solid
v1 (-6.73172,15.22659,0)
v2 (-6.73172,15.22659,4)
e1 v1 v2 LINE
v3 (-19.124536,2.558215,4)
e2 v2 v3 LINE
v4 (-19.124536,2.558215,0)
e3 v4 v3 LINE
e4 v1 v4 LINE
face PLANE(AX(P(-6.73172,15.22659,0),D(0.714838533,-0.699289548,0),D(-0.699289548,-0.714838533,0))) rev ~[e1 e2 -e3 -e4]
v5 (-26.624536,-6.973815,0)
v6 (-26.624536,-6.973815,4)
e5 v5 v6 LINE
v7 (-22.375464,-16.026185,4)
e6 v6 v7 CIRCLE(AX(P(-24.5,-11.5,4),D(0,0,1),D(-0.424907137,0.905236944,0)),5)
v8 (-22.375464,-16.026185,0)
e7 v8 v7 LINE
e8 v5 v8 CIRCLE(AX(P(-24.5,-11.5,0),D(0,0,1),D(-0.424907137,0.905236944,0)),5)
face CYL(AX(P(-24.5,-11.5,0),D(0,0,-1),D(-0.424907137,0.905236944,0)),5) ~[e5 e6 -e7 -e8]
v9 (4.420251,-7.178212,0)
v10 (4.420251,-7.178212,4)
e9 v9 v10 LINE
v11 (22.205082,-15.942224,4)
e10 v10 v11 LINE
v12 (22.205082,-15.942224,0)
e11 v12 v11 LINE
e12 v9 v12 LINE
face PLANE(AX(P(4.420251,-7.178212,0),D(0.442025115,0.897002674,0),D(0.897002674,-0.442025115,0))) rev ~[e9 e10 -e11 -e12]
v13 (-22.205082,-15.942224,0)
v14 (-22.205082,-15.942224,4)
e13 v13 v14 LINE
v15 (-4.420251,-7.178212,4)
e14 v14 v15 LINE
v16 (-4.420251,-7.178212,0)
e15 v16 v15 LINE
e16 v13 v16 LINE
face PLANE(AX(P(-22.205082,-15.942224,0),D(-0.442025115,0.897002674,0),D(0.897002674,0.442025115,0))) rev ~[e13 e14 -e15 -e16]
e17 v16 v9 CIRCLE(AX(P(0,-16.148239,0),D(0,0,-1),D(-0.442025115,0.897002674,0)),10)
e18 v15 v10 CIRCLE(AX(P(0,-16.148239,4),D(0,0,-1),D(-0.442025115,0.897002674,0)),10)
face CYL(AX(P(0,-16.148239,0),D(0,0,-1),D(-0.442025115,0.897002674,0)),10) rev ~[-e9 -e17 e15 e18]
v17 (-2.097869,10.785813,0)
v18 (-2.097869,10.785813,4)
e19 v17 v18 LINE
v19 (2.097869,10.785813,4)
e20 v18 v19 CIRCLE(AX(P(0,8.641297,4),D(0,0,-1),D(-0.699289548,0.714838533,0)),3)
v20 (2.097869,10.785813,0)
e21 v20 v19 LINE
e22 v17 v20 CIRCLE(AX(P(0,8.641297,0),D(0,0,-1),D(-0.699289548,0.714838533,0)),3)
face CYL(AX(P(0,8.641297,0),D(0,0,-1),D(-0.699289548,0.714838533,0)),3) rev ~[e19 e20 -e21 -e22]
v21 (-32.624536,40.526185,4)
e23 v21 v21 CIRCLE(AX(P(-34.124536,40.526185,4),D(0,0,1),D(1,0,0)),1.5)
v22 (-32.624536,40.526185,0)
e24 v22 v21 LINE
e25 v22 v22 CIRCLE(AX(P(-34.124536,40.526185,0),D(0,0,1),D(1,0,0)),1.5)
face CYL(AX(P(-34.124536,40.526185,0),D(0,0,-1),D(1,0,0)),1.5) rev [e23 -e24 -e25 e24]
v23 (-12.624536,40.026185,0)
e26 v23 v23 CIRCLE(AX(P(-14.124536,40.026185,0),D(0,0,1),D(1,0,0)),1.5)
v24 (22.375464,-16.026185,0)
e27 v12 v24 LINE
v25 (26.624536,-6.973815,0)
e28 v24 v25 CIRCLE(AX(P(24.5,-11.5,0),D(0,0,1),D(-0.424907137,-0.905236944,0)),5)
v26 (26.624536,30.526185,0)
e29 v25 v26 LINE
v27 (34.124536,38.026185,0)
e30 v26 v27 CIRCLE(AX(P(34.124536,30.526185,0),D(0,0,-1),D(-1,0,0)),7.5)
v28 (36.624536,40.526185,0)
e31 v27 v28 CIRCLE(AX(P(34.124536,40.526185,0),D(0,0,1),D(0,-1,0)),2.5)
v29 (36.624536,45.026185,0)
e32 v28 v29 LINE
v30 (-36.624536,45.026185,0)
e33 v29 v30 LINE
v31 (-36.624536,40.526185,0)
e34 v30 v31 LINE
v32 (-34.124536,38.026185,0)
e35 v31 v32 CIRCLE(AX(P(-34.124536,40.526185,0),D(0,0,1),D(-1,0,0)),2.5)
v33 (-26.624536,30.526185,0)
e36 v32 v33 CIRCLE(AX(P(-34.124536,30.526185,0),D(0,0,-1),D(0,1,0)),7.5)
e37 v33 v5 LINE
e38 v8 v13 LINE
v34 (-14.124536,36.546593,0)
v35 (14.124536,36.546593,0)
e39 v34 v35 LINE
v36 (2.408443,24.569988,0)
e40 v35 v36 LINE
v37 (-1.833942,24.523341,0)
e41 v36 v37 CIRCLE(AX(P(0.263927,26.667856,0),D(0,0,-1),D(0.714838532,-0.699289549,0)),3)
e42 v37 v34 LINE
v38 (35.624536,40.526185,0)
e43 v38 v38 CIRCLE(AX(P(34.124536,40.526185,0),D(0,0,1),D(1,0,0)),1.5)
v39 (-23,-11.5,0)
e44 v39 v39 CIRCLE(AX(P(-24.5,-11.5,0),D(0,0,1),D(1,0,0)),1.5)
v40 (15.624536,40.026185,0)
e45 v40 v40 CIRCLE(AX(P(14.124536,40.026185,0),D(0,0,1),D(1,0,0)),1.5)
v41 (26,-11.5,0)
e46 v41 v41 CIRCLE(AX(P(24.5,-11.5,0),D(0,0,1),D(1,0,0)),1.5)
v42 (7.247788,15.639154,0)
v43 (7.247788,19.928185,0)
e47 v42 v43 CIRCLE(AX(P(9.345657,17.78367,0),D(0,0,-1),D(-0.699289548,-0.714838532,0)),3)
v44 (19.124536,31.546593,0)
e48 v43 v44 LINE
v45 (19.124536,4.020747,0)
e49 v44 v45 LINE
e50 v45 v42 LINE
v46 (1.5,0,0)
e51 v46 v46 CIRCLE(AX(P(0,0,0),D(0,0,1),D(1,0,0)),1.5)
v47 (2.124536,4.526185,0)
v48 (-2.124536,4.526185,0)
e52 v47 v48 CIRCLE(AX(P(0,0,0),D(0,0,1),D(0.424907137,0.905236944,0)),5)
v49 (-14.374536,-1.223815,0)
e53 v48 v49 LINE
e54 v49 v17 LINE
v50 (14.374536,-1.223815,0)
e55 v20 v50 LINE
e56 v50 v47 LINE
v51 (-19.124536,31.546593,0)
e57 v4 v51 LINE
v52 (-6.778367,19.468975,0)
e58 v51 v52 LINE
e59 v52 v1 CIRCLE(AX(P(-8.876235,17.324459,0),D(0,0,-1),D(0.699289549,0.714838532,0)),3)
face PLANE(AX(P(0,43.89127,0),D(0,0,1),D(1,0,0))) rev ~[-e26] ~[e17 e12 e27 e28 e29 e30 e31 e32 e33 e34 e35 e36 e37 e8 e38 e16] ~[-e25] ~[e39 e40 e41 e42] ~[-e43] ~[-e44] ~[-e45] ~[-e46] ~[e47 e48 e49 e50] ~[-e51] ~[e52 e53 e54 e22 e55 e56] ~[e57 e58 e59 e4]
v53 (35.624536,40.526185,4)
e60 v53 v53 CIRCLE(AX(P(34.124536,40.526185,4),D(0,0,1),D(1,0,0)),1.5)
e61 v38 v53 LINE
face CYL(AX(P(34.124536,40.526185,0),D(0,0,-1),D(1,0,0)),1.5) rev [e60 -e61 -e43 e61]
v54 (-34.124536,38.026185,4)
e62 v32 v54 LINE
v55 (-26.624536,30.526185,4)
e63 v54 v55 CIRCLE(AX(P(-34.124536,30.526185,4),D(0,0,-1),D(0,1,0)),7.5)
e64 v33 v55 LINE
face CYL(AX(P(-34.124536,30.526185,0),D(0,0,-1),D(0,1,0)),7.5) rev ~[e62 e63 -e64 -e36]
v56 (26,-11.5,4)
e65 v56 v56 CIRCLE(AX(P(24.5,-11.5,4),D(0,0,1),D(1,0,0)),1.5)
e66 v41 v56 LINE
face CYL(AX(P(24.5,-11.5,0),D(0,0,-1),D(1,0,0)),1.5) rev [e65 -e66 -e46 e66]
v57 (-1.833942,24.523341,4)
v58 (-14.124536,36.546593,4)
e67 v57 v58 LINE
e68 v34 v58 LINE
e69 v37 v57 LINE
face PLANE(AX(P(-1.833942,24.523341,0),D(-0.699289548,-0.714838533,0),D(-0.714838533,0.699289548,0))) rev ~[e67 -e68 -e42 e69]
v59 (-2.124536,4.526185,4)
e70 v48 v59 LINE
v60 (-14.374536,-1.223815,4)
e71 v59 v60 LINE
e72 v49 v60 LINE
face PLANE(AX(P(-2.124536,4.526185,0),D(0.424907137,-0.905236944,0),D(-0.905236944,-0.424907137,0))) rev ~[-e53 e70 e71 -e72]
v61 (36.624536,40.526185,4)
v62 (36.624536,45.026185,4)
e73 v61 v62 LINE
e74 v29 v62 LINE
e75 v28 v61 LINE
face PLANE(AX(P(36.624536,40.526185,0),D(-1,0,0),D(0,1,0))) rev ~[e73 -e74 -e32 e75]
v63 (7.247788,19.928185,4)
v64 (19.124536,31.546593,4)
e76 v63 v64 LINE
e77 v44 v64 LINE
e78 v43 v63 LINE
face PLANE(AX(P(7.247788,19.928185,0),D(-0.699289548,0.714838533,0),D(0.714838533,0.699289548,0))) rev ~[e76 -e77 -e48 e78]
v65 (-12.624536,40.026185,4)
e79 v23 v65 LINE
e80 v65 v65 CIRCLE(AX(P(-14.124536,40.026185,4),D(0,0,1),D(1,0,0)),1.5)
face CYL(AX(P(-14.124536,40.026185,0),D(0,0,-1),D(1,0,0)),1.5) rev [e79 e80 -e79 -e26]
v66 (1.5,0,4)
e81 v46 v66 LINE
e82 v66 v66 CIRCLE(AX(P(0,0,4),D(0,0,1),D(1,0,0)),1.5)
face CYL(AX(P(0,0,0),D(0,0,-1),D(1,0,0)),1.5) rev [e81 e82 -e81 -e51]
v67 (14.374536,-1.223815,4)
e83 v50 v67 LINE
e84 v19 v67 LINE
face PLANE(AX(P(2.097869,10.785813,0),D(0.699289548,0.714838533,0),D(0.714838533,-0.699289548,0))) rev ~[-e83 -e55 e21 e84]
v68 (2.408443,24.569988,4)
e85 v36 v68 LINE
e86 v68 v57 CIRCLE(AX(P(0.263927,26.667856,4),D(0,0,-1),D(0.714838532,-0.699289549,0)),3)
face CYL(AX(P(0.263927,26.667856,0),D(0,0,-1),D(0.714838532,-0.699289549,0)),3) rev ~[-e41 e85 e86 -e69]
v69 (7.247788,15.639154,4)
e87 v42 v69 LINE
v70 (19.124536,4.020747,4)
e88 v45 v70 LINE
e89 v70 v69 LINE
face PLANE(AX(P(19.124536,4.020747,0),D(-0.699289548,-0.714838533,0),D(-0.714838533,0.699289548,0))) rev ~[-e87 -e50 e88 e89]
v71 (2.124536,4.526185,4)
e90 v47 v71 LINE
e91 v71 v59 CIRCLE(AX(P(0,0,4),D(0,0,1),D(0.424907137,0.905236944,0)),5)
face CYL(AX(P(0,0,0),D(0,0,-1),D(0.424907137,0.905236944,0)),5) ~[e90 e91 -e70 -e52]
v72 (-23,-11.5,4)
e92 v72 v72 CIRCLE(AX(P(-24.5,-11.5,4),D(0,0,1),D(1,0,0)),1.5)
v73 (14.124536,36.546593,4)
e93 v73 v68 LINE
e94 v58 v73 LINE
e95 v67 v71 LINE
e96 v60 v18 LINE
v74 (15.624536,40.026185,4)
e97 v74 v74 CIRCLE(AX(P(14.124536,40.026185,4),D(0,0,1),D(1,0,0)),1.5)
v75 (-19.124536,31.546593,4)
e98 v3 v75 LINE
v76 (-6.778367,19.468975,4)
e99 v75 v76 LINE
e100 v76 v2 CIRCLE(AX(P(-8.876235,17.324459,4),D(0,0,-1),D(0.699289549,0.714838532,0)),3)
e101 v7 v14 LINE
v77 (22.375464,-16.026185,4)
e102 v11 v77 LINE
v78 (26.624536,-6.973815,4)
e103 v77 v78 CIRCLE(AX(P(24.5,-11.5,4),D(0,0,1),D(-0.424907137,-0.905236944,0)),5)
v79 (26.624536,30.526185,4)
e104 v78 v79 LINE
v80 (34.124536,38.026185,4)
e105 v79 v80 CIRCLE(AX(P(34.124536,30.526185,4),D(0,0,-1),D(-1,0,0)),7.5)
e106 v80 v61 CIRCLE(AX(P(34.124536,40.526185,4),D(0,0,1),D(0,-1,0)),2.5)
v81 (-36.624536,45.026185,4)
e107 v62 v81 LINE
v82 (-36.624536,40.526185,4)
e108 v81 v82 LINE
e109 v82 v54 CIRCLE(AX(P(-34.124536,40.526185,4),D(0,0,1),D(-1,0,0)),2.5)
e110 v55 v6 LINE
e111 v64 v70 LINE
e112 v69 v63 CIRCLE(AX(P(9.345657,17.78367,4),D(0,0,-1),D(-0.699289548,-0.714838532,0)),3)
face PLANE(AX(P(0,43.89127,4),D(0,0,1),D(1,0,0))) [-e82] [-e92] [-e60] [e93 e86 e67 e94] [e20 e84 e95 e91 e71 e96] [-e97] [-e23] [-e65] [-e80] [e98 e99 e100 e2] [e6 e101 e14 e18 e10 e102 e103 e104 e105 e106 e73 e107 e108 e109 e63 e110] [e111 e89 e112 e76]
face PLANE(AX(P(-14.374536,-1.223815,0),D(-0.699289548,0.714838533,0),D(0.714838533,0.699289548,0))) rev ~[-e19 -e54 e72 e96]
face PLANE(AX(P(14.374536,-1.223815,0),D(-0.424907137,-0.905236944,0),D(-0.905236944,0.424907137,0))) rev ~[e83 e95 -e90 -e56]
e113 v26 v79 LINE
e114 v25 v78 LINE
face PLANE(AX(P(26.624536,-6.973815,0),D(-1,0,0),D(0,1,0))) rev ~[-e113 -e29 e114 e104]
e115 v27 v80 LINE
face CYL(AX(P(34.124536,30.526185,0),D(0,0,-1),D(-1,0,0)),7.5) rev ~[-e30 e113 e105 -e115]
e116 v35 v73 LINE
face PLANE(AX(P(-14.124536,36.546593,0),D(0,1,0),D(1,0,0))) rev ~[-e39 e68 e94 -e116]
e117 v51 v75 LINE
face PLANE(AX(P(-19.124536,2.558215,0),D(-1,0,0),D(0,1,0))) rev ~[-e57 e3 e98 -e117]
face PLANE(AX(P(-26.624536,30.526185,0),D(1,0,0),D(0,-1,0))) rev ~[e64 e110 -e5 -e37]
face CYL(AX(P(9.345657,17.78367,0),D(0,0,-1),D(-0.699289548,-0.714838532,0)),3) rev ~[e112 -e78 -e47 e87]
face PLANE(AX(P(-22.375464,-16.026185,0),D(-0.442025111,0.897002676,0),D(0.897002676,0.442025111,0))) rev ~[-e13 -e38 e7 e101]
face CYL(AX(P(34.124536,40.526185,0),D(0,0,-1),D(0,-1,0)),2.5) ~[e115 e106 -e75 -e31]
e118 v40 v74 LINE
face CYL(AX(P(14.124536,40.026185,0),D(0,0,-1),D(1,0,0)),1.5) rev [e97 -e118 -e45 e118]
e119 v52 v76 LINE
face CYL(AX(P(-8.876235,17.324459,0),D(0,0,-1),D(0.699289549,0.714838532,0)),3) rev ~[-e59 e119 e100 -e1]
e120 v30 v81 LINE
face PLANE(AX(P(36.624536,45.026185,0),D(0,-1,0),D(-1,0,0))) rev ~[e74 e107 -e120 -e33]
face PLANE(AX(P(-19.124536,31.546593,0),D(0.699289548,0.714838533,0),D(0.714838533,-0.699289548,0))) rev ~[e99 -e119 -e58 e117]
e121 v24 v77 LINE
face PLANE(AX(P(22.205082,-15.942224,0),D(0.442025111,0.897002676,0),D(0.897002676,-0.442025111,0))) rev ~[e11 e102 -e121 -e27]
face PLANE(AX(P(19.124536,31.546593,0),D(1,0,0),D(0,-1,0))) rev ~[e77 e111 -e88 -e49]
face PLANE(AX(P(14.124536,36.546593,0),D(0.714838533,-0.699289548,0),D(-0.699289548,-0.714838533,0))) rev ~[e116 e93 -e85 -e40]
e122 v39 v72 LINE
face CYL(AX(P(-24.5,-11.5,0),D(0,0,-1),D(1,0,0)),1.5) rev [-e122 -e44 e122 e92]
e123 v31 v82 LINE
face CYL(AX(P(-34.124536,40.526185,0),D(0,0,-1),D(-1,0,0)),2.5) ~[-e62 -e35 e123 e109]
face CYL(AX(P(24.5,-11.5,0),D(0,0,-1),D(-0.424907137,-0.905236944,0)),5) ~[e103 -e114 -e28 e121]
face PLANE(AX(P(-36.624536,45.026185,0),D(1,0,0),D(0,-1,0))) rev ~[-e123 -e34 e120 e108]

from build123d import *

# Parameters (mm, degrees)
SKETCH1_R           = 1.5
BOSS_EXTRUDE1_DEPTH = 4


with BuildPart() as part:
    # Sketch1 → Boss-Extrude1 (new body)
    # profile 1 of 2: a face of its own
    with BuildSketch(Plane.XY):
        with BuildLine():
            Line((0, 43.02618472), (-22, 43.02618472))
            Line((-22, 43.02618472), (-34.124535685, 43.02618472))
            ThreePointArc((-34.124535685, 43.02618472), (-35.892302638, 42.293951673), (-36.624535685, 40.52618472))
            ThreePointArc((-36.624535685, 40.52618472), (-35.892302638, 38.758417767), (-34.124535685, 38.02618472))
            ThreePointArc((-34.124535685, 38.02618472), (-28.821234826, 35.829485579), (-26.624535685, 30.52618472))
            Line((-26.624535685, 30.52618472), (-26.624535685, -6.97381528))
            ThreePointArc((-26.624535685, -6.97381528), (-29.02618472, -13.624535685), (-22.375464315, -16.02618472))
            Line((-22.375464315, -16.02618472), (-22.205082013, -15.942223704))
            Line((-22.205082013, -15.942223704), (-4.420251148, -7.178212035))
            ThreePointArc((-4.420251148, -7.178212035), (0, -6.148238779), (4.420251148, -7.178212035))
            Line((4.420251148, -7.178212035), (22.205082013, -15.942223704))
            Line((22.205082013, -15.942223704), (22.375464315, -16.02618472))
            ThreePointArc((22.375464315, -16.02618472), (29.02618472, -13.624535685), (26.624535685, -6.97381528))
            Line((26.624535685, -6.97381528), (26.624535685, 30.52618472))
            ThreePointArc((26.624535685, 30.52618472), (28.821234826, 35.829485579), (34.124535685, 38.02618472))
            ThreePointArc((34.124535685, 38.02618472), (35.892302638, 38.758417767), (36.624535685, 40.52618472))
            ThreePointArc((36.624535685, 40.52618472), (35.892302638, 42.293951673), (34.124535685, 43.02618472))
            Line((34.124535685, 43.02618472), (22, 43.02618472))
            Line((22, 43.02618472), (0, 43.02618472))
        make_face()
        with Locations((-24.5, -11.5)):
            Circle(SKETCH1_R, mode=Mode.SUBTRACT)
        Circle(SKETCH1_R, mode=Mode.SUBTRACT)
        with Locations((24.5, -11.5)):
            Circle(SKETCH1_R, mode=Mode.SUBTRACT)
        with BuildLine():
            Line((14.374535685, -1.22381528), (2.124535685, 4.52618472))
            ThreePointArc((2.124535685, 4.52618472), (0, 5), (-2.124535685, 4.52618472))
            Line((-2.124535685, 4.52618472), (-14.374535685, -1.22381528))
            Line((-14.374535685, -1.22381528), (-2.097868645, 10.785812849))
            ThreePointArc((-2.097868645, 10.785812849), (0, 11.641297251), (2.097868645, 10.785812849))
            Line((2.097868645, 10.785812849), (14.374535685, -1.22381528))
        make_face(mode=Mode.SUBTRACT)
        with BuildLine():
            Line((-6.73171968, 15.226590291), (-19.124535685, 2.558215038))
            Line((-19.124535685, 2.558215038), (-19.124535685, 31.546592884))
            Line((-19.124535685, 31.546592884), (-6.778366633, 19.468974534))
            ThreePointArc((-6.778366633, 19.468974534), (-5.876416612, 17.357443313), (-6.73171968, 15.226590291))
        make_face(mode=Mode.SUBTRACT)
        with Locations((-34.124535685, 40.52618472)):
            Circle(SKETCH1_R, mode=Mode.SUBTRACT)
        with BuildLine():
            Line((-1.833941699, 24.523340745), (-14.124535685, 36.546592884))
            Line((-14.124535685, 36.546592884), (14.124535685, 36.546592884))
            Line((14.124535685, 36.546592884), (2.408442543, 24.569987698))
            ThreePointArc((2.408442543, 24.569987698), (0.296911322, 23.668037677), (-1.833941699, 24.523340745))
        make_face(mode=Mode.SUBTRACT)
        with Locations((-14.124535685, 40.02618472)):
            Circle(SKETCH1_R, mode=Mode.SUBTRACT)
        with BuildLine():
            Line((19.124535685, 31.546592884), (19.124535685, 4.020746784))
            Line((19.124535685, 4.020746784), (7.24778827, 15.639154236))
            ThreePointArc((7.24778827, 15.639154236), (6.345656915, 17.783669834), (7.24778827, 19.928185432))
            Line((7.24778827, 19.928185432), (19.124535685, 31.546592884))
        make_face(mode=Mode.SUBTRACT)
        with Locations((14.124535685, 40.02618472)):
            Circle(SKETCH1_R, mode=Mode.SUBTRACT)
        with Locations((34.124535685, 40.52618472)):
            Circle(SKETCH1_R, mode=Mode.SUBTRACT)
    # profile 2 of 2: a face of its own
    with BuildSketch(Plane.XY):
        with BuildLine():
            Line((-34.124535685, 43.02618472), (-22, 43.02618472))
            Line((-22, 43.02618472), (0, 43.02618472))
            Line((0, 43.02618472), (22, 43.02618472))
            Line((22, 43.02618472), (34.124535685, 43.02618472))
            ThreePointArc((34.124535685, 43.02618472), (35.892302638, 42.293951673), (36.624535685, 40.52618472))
            Line((36.624535685, 40.52618472), (36.624535685, 45.02618472))
            Line((36.624535685, 45.02618472), (-36.624535685, 45.02618472))
            Line((-36.624535685, 45.02618472), (-36.624535685, 40.52618472))
            ThreePointArc((-36.624535685, 40.52618472), (-35.892302638, 42.293951673), (-34.124535685, 43.02618472))
        make_face()
    extrude(amount=BOSS_EXTRUDE1_DEPTH)


solid = part.part
